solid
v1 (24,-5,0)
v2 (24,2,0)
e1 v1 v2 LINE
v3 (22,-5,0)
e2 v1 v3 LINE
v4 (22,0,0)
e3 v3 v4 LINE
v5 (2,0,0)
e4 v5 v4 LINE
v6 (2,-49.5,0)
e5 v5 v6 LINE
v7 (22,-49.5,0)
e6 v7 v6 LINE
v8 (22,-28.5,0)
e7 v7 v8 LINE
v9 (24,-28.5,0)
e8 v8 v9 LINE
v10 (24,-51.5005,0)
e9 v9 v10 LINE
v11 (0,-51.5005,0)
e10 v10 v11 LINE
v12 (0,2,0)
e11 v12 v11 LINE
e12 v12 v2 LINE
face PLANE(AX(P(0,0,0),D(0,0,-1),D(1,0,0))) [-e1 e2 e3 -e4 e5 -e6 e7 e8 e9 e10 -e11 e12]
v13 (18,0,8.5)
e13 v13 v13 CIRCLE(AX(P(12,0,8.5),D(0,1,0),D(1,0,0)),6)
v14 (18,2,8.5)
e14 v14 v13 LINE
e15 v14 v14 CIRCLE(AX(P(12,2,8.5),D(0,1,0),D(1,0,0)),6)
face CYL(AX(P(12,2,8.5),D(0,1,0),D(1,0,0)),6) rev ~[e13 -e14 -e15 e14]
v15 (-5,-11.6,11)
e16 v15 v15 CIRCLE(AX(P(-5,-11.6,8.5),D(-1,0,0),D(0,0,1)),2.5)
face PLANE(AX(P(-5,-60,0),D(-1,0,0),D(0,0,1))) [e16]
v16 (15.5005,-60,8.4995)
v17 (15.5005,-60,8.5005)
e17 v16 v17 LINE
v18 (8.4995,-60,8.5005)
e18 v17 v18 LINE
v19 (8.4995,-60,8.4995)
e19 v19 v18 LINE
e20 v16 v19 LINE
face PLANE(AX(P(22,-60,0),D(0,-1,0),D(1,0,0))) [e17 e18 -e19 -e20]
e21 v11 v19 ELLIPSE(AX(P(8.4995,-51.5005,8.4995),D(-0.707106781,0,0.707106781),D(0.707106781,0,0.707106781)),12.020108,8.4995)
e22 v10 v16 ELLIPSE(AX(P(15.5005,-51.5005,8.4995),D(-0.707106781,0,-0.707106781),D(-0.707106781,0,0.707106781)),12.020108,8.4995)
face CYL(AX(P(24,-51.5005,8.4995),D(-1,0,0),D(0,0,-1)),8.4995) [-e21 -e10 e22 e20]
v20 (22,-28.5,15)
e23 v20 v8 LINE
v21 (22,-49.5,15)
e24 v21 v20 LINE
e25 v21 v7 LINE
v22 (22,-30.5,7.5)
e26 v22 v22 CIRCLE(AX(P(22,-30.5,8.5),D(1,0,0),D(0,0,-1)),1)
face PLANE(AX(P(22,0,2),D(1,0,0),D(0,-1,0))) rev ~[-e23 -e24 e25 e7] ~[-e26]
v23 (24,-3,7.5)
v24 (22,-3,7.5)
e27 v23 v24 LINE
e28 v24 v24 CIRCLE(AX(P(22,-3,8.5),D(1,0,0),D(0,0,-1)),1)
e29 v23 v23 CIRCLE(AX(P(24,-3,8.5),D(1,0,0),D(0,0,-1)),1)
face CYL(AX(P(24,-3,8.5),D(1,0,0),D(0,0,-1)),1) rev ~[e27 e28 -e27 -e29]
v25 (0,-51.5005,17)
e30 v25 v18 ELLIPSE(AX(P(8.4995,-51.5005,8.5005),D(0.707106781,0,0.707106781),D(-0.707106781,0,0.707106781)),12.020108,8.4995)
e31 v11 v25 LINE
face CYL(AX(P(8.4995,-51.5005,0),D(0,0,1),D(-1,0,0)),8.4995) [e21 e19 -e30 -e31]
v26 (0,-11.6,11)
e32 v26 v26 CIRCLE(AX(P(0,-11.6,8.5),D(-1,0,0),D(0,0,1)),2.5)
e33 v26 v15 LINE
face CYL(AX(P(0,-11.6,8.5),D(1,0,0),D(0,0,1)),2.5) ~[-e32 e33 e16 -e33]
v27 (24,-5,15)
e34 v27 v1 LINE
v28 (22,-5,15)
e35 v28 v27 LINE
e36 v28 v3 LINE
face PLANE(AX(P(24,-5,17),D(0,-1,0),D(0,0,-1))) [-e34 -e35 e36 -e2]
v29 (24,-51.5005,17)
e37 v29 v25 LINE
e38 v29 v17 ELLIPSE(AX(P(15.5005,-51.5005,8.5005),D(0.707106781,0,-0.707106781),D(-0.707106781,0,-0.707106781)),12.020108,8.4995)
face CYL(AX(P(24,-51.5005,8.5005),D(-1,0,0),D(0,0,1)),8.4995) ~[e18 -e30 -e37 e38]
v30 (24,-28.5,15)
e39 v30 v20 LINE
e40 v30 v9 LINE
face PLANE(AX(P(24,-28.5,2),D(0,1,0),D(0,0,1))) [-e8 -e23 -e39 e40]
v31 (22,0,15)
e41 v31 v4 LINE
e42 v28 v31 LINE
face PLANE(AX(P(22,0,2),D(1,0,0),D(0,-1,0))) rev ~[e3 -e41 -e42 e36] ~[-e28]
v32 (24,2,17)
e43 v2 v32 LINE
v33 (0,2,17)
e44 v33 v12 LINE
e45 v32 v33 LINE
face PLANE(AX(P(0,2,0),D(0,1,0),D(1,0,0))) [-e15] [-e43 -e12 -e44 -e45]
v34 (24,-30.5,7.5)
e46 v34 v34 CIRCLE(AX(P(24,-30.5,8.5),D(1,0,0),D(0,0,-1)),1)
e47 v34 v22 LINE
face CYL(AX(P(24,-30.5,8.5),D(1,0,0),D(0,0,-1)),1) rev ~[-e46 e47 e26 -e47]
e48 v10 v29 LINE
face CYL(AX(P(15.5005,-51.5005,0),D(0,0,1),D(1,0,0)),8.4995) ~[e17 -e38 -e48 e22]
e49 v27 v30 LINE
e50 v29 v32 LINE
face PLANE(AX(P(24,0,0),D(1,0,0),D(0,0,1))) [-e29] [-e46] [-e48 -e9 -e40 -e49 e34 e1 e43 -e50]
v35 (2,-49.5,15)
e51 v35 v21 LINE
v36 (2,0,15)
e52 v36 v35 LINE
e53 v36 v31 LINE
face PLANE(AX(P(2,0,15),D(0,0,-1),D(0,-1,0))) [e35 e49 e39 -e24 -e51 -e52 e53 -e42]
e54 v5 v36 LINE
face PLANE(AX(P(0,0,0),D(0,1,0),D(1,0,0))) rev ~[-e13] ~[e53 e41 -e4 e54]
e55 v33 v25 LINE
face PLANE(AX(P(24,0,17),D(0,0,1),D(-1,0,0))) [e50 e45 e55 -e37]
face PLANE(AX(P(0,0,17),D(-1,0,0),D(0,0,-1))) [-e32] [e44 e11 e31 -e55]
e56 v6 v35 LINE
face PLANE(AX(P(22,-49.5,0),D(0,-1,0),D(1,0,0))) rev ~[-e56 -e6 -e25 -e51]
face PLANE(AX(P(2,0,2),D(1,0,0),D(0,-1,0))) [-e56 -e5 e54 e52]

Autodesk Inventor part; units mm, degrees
ref_plane "YZ Plane" through (0, 0, 0) normal (1, 0, 0) x (0, 1, 0)
ref_plane "XZ Plane" through (0, 0, 0) normal (0, 1, 0) x (-1, 0, 0)
ref_plane "XY Plane" through (0, 0, 0) normal (0, 0, 1) x (1, 0, 0)
sketch "Sketch1" plane through (0, 0, 0) normal (0, 0, 1) x (1, 0, 0)
  line L0 (0, 0) -> (24, 0)
  line L1 (24, 0) -> (24, -60)
  line L2 (24, -60) -> (0, -60)
  line L3 (0, -60) -> (0, 0)
  dimension "d0" = 24
  dimension "d1" = 60
extrude "Extrusion1" add sketch "Sketch1" along normal blind 2
sketch "Sketch2" plane through (0, 0, 2) normal (0, 0, 1) x (1, 0, 0)
  line L0 (0, -60) -> (24, -60) projected
  line L1 (0, 0) -> (2, 0)
  line L2 (2, 0) -> (2, -60)
  line L3 (2, -60) -> (0, -60)
  line L4 (0, -60) -> (0, 0)
  line L5 (24, -60) -> (24, 0) projected
  line L6 (24, 0) -> (22, 0)
  line L7 (22, 0) -> (22, -60)
  line L8 (22, -60) -> (24, -60)
  line L9 (24, -60) -> (24, 0)
  dimension "d4" = 2
  dimension "d5" = 2
extrude "Extrusion2" add sketch "Sketch2" along normal blind 15
sketch "Sketch3" plane through (24, -60, 0) normal (1, 0, 0) x (0, 0, -1)
  circle A0 centre (-8.5, 57) radius 1
  circle A1 centre (-8.5, 29.5) radius 1
  line L0 (-17, 0) -> (-17, 60) projected
  line L1 (0, 60) -> (-17, 60) projected
  dimension "d8" = 2
  dimension "d9" = 2
  dimension "d10" = 8.5
  dimension "d11" = 8.5
  dimension "d12" = 27.5
  dimension "d13" = 3
extrude "Extrusion3" cut sketch "Sketch3" against normal up to surface (2 mm away)
sketch "Sketch4" plane through (24, -60, 0) normal (1, 0, 0) x (0, 0, -1)
  line L0 (-17, 60) -> (-17, 0) projected
  line L1 (-17, 55) -> (-2, 55)
  line L2 (-2, 55) -> (-2, 31.5)
  line L3 (-2, 31.5) -> (-17, 31.5)
  line L4 (-17, 31.5) -> (-17, 55)
  circle A0 centre (-8.5, 57) radius 1 projected
  circle A1 centre (-8.5, 29.5) radius 1 projected
  point P0 (-17, 31.5)
  dimension "d23" = 15
  dimension "d24" = 23.5
  dimension "d25" = 2
  dimension "d26" = 2
extrude "Extrusion4" cut sketch "Sketch4" against normal up to surface (2 mm away) contours L1 L2 L3 L0
sketch "Sketch5" plane through (0, -60, 0) normal (-1, 0, 0) x (0, 0, 1)
  circle A0 centre (8.5, 48.4) radius 2.5
  circle A1 centre (8.5, 57) radius 1 projected
  point P0 (0, 60)
  dimension "d29" = 5
  dimension "d32" = 8.6
  dimension "d33" = 0
extrude "Extrusion5" add sketch "Sketch5" along normal blind 5 contours A0
sketch "Sketch6" plane through (2, -60, 2) normal (1, 0, 0) x (0, 0, -1)
  line L0 (2, 60) -> (-15, 60) projected
  line L1 (2, 0) -> (-15, 0) projected
  line L2 (-15, 60) -> (-13, 60)
  line L3 (-13, 60) -> (-13, 0)
  line L4 (-13, 0) -> (-15, 0)
  line L5 (-15, 0) -> (-15, 60)
  dimension "d34" = 2
extrude "Extrusion6" add sketch "Sketch6" along normal up to surface (22 mm away)
sketch "Sketch7" plane through (0, 0, 0) normal (0, 0, -1) x (-1, 0, 0)
  line L0 (-24, -5) -> (-22, -5) projected
  line L1 (-24, -5) -> (-22, -5)
  line L2 (-22, -5) -> (-22, -28.5)
  line L3 (-22, -28.5) -> (-24, -28.5)
  line L4 (-24, -28.5) -> (-24, -5)
  line L5 (-2, -60) -> (-22, -60) projected
  line L6 (-22, 0) -> (-2, 0)
  line L7 (-2, 0) -> (-2, -60)
  line L8 (-2, -60) -> (-22, -60)
  line L9 (-22, -60) -> (-22, 0)
  point P0 (0, -60)
  point P1 (-22, -5)
  point P2 (-22, -28.5)
  point P3 (-22, -60)
extrude "Extrusion7" cut sketch "Sketch7" against normal up to surface (2 mm away)
sketch "Sketch8" plane through (22, -60, 0) normal (0, -1, 0) x (1, 0, 0)
  line L0 (-20, 15) -> (0, 15)
  line L1 (0, 15) -> (0, 0)
  line L2 (0, 0) -> (-20, 0)
  line L3 (-20, 0) -> (-20, 15)
  point P0 (-22, 0)
extrude "Extrusion8" add sketch "Sketch8" against normal blind 10.5
sketch "Sketch9" plane through (0, 0, 0) normal (0, 1, 0) x (1, 0, 0)
  line L0 (24, -17) -> (0, -17)
  line L1 (0, -17) -> (0, 0)
  line L2 (0, 0) -> (24, 0)
  line L3 (24, 0) -> (24, -17)
extrude "Extrusion9" add sketch "Sketch9" along normal blind 2
fillet "Fillet1" radius 8.5 4 edges at (12, -60, 17) (0, -60, 8.5) (12, -60, 0) (24, -60, 8.5)
sketch "Sketch10" plane through (0, 2, 0) normal (0, 1, 0) x (1, 0, 0)
  circle A0 centre (12, -8.5) radius 6
  line L0 (0, 0) -> (0, -17) projected
  line L1 (0, -17) -> (24, -17) projected
  dimension "d45" = 12
  dimension "d46" = 12
  dimension "d47" = 8.5
extrude "Extrusion10" cut sketch "Sketch10" against normal up to surface (2 mm away)
properties part number "juncao4"
